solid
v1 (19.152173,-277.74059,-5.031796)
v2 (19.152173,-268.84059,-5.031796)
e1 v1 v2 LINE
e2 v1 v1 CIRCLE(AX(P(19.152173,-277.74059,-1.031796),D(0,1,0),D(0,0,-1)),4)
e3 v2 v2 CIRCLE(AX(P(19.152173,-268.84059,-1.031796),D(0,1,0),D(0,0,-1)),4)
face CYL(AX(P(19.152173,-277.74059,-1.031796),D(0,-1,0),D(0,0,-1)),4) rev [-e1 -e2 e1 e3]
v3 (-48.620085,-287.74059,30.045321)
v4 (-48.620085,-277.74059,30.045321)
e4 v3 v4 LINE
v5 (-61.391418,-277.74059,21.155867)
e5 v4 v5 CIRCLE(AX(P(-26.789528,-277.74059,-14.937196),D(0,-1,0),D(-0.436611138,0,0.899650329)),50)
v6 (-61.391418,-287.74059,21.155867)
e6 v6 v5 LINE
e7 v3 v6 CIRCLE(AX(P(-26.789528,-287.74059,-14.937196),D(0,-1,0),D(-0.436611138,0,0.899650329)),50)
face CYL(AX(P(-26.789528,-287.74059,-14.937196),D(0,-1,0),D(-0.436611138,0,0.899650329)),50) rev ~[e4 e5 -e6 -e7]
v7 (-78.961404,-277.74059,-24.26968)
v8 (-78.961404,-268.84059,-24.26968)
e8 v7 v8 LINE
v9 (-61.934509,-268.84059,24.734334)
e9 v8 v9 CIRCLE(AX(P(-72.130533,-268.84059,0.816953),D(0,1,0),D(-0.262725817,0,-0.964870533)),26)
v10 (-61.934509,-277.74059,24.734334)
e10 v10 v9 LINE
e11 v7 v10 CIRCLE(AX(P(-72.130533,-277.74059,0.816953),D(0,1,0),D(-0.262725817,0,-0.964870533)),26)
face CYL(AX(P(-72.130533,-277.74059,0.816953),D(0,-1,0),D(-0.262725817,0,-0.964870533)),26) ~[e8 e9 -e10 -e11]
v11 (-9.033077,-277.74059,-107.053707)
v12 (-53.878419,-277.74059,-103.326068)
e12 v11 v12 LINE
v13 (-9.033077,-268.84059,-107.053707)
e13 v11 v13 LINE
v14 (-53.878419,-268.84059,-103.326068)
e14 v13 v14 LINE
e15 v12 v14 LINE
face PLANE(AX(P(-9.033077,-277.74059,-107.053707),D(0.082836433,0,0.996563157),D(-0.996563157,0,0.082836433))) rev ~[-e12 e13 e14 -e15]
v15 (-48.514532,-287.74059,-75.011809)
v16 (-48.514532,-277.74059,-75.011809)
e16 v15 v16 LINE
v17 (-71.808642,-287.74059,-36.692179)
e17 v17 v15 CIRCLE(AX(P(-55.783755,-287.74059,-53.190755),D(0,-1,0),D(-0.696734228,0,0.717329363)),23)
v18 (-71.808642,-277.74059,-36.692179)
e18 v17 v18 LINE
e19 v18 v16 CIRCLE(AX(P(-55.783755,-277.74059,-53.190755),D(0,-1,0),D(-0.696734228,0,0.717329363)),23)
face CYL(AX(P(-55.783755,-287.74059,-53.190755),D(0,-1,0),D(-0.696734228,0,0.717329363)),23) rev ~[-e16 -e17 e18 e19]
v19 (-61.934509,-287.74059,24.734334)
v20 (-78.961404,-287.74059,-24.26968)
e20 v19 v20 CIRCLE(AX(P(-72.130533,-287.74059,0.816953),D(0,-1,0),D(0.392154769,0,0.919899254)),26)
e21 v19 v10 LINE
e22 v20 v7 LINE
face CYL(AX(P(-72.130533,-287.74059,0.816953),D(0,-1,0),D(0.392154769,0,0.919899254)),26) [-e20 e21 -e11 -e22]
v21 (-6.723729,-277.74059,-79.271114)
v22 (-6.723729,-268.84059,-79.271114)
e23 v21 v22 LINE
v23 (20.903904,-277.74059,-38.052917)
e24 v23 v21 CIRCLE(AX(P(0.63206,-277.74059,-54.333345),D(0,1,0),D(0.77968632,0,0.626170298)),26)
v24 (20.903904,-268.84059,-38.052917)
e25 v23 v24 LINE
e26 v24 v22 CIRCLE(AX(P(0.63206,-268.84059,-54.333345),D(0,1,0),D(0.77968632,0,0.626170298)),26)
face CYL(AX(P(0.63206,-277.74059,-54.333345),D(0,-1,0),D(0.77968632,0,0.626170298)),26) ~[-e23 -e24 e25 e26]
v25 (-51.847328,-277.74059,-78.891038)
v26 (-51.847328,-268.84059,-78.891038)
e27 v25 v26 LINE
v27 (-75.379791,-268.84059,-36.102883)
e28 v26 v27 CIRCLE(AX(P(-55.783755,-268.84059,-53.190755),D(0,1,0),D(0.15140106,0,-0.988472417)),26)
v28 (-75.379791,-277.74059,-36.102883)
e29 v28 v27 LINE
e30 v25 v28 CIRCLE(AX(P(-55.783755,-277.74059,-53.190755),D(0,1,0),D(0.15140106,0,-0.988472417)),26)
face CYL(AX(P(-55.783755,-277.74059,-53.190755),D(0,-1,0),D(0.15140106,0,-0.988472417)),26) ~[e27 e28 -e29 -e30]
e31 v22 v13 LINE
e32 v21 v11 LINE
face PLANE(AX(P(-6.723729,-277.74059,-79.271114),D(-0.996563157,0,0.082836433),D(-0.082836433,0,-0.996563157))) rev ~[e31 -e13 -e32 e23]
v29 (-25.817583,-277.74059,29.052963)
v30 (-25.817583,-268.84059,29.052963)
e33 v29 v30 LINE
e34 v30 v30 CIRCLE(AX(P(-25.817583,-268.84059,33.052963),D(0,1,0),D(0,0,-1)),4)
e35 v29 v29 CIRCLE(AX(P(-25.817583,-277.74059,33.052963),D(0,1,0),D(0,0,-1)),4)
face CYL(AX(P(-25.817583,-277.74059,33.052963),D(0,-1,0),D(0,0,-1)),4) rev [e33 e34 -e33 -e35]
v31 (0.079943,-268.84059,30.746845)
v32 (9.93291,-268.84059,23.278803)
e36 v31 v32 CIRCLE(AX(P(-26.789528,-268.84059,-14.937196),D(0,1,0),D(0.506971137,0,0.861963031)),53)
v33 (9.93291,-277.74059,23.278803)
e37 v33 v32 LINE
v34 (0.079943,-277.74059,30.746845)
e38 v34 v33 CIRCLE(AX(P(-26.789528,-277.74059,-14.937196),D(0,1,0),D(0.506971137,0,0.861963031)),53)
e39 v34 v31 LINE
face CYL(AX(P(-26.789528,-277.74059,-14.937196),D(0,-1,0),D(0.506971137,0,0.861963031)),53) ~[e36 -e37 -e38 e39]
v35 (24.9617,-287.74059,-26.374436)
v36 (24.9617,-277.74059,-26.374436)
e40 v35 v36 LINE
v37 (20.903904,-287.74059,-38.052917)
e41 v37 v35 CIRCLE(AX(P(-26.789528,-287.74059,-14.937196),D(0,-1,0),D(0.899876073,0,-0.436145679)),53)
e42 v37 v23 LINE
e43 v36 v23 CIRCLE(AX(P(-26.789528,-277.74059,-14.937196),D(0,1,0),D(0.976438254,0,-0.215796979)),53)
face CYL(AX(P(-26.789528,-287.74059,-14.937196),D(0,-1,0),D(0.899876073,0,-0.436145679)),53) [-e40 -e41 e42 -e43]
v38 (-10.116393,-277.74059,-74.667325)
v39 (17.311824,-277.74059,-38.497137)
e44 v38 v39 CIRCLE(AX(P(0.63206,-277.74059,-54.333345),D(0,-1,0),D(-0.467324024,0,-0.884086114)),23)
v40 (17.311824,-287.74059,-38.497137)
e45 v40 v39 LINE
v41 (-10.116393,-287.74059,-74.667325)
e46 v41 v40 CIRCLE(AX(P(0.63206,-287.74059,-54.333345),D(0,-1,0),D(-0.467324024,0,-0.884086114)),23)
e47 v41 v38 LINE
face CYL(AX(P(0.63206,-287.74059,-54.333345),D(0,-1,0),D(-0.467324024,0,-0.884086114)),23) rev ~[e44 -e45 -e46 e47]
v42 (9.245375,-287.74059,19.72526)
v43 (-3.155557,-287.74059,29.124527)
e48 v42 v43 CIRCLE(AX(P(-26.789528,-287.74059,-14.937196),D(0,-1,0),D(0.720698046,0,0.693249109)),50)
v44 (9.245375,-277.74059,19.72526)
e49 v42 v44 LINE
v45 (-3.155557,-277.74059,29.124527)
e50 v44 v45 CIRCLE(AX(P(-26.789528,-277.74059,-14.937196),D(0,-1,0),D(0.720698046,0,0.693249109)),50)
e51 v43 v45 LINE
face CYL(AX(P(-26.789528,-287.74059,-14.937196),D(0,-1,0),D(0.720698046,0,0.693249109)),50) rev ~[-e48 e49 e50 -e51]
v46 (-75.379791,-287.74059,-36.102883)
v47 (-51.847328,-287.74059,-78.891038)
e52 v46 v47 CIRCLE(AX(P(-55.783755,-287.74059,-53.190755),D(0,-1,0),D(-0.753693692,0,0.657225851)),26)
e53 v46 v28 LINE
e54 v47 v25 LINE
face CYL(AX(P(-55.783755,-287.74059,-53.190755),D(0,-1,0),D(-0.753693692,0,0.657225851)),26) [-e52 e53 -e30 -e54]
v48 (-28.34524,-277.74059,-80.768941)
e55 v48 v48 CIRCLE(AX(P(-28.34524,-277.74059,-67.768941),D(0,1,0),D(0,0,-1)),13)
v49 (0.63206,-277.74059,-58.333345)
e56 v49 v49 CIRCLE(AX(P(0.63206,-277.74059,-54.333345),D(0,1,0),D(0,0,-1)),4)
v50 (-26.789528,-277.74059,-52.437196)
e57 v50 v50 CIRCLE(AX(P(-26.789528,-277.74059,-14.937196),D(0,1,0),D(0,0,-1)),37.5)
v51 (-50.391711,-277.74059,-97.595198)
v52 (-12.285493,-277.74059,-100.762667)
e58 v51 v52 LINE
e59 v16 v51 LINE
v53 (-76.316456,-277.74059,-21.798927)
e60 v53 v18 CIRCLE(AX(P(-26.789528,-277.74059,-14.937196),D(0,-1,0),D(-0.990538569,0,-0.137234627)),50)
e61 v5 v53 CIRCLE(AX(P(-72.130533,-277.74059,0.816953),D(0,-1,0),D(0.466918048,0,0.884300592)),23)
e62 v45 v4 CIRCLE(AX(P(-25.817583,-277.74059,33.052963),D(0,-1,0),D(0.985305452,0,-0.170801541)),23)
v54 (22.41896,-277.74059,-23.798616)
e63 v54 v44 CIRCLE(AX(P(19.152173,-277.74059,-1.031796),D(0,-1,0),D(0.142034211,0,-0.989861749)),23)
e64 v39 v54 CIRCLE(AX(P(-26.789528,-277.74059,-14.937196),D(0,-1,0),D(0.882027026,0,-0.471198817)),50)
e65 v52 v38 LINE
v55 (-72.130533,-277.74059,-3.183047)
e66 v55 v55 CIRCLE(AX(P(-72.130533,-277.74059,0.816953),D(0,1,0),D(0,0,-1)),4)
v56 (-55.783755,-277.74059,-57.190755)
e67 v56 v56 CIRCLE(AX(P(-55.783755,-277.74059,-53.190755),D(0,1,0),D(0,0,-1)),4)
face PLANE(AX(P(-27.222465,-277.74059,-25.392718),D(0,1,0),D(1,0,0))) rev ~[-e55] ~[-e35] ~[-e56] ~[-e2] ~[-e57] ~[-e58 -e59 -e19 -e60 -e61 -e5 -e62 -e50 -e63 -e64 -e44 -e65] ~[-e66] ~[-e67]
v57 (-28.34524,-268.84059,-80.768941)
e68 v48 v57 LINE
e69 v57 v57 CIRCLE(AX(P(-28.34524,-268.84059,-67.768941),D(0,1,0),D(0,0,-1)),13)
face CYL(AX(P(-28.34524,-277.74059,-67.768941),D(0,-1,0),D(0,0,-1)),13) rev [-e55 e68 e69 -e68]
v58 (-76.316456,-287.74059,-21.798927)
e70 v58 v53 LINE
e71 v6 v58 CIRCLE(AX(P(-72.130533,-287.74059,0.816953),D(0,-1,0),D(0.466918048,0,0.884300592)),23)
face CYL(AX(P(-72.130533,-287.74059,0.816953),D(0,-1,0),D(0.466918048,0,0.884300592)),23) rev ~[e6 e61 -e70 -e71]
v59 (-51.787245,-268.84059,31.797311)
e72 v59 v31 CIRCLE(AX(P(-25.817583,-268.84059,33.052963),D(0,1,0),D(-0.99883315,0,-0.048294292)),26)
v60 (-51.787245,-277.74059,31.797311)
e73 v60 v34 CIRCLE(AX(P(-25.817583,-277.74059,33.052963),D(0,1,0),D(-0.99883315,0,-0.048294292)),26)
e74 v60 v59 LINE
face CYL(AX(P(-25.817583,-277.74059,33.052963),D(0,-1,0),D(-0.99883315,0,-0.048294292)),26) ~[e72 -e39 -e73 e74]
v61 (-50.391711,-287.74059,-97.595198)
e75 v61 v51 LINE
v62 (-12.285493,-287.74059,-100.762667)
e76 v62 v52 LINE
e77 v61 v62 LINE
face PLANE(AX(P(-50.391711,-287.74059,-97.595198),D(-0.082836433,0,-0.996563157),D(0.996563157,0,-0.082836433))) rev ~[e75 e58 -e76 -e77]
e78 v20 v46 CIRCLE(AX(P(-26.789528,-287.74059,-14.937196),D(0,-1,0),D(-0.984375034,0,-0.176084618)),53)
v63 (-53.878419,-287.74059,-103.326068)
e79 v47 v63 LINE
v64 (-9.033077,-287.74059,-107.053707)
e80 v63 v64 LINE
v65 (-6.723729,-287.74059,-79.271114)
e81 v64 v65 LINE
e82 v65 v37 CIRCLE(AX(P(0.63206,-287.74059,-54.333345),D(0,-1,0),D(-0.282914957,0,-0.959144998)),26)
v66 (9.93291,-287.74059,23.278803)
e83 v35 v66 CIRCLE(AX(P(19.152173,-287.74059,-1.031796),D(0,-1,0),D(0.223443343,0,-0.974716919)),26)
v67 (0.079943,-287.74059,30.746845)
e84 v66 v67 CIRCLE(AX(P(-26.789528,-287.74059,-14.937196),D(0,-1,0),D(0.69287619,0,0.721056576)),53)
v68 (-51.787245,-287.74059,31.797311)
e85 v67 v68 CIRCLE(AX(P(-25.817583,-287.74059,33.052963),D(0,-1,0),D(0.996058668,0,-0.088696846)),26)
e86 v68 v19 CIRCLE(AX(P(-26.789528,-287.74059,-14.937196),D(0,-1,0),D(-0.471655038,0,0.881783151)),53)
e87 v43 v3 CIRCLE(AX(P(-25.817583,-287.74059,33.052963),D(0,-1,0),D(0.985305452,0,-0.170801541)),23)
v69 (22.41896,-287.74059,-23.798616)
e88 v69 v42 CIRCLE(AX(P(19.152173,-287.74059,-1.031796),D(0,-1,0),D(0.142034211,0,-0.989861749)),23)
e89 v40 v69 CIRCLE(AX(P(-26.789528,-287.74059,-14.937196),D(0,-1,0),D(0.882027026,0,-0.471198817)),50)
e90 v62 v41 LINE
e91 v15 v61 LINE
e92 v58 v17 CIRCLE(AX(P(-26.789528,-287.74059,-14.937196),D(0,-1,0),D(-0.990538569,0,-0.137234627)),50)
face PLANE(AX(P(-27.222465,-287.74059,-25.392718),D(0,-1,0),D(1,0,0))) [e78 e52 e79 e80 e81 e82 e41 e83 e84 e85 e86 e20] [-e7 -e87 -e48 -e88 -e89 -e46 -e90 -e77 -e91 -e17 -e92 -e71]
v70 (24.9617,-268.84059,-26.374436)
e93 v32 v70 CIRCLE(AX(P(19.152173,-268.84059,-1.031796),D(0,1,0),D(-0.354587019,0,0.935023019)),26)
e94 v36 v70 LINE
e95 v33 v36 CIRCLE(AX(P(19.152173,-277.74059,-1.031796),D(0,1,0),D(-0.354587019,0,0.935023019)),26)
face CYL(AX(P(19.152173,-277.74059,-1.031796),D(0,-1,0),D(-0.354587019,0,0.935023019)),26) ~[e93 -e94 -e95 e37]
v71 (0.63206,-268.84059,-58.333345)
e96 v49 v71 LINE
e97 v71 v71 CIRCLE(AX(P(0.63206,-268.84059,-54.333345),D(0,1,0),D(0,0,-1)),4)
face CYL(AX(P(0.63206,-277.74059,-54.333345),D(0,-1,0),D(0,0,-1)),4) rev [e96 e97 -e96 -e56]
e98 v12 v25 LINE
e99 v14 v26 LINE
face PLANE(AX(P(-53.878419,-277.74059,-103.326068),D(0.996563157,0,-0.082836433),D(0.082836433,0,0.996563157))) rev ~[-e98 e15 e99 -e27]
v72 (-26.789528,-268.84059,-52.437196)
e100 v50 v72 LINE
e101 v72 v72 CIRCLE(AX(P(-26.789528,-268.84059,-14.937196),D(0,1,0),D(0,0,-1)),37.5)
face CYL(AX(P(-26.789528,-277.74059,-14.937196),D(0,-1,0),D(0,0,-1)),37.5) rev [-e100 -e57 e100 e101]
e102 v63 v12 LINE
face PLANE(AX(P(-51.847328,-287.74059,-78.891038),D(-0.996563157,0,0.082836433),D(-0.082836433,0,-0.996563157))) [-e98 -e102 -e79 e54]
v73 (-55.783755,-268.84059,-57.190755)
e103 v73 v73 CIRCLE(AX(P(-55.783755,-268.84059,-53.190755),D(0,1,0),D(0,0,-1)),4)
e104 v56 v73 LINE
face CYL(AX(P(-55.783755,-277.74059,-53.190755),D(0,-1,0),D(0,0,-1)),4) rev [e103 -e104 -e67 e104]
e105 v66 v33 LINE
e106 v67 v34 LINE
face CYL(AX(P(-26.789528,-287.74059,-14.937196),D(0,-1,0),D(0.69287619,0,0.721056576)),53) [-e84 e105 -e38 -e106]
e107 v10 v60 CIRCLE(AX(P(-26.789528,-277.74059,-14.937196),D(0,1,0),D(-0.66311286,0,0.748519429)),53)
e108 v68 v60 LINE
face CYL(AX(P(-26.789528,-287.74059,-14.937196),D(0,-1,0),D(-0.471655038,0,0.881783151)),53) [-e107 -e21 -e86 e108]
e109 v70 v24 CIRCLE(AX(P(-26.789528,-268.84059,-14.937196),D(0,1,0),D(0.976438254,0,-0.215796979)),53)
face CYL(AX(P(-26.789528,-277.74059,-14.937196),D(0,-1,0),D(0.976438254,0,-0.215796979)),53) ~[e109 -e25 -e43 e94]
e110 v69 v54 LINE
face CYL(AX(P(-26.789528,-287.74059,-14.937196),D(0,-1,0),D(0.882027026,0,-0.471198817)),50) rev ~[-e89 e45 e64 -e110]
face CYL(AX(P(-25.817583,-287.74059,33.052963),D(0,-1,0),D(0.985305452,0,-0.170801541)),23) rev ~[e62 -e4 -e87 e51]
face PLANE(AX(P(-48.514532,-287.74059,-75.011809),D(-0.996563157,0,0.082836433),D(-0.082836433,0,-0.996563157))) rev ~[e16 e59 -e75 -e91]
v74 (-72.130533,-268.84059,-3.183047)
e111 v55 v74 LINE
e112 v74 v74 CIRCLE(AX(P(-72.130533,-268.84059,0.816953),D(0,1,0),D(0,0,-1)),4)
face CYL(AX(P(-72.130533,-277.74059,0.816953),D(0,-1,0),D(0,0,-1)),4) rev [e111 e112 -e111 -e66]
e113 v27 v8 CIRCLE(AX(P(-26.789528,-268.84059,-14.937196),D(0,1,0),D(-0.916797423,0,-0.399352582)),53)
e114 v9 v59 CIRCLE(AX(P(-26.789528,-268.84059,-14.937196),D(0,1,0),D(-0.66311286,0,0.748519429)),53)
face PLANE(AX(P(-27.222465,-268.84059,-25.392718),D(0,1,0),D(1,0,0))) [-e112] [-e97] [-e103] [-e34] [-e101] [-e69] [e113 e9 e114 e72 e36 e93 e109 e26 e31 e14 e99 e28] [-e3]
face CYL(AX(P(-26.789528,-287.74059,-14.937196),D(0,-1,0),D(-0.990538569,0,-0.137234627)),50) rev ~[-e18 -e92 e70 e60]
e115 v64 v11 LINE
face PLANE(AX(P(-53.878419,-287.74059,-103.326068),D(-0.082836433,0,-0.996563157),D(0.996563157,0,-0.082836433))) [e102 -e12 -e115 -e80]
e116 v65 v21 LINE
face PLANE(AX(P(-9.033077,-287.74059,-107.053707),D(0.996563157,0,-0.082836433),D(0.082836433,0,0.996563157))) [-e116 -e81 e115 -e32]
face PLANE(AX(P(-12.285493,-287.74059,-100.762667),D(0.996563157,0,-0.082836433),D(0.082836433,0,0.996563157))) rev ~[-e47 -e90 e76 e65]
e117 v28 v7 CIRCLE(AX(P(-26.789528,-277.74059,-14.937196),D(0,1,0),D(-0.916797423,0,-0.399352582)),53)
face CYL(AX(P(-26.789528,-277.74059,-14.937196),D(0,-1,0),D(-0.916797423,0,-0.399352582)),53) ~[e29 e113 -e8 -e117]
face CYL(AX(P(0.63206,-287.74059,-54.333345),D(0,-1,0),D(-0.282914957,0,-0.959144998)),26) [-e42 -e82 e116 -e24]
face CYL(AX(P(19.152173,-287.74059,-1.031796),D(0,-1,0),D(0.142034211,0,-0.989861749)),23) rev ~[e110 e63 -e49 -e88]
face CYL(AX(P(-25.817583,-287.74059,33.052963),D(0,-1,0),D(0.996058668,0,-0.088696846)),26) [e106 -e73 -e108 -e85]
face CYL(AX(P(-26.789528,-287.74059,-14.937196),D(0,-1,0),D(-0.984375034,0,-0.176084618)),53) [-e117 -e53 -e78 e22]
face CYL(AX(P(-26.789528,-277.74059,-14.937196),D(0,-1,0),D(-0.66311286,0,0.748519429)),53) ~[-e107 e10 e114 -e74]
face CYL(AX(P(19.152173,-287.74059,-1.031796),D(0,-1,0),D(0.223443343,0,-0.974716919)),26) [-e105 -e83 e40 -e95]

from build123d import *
from build123d.topology import SkipClean

# Parameters (mm, degrees)
SKETCH2_R           = 4
SKETCH2_R_2         = 13
SKETCH2_R_3         = 37.5
BOSS_EXTRUDE1_DEPTH = 8.9
BOSS_EXTRUDE2_START = 10
BOSS_EXTRUDE2_DEPTH = 10


with BuildPart() as part:
    # Sketch2 → Boss-Extrude1 (new body)
    with BuildSketch(Plane(origin=(0, -277.740590487, 0), x_dir=(1, 0, 0), z_dir=(0, 1, 0))):
        with BuildLine():
            Line((-53.878418828, 103.326067531), (-51.847327573, 78.891037586))
            ThreePointArc((-51.847327573, 78.891037586), (-78.565598454, 65.720224595), (-75.379791117, 36.102882626))
            ThreePointArc((-75.379791117, 36.102882626), (-77.51682206, 30.291074957), (-78.961404494, 24.269680499))
            ThreePointArc((-78.961404494, 24.269680499), (-96.690244613, -9.350450792), (-61.934509278, -24.73433396))
            ThreePointArc((-61.934509278, -24.73433396), (-57.067530602, -28.562718501), (-51.787244687, -31.797311256))
            ThreePointArc((-51.787244687, -31.797311256), (-25.291112632, -59.0476321), (0.079942571, -30.746844869))
            ThreePointArc((0.079942571, -30.746844869), (5.224931759, -27.301108969), (9.932910358, -23.278802773))
            ThreePointArc((9.932910358, -23.278802773), (44.037260658, -6.500295968), (24.961699769, 26.374435617))
            ThreePointArc((24.961699769, 26.374435617), (23.274499283, 32.332402061), (20.903904161, 38.052916758))
            ThreePointArc((20.903904161, 38.052916758), (22.229306824, 68.809494643), (-6.72372905, 79.271114455))
            Line((-6.72372905, 79.271114455), (-9.033076774, 107.053707002))
            Line((-9.033076774, 107.053707002), (-53.878418828, 103.326067531))
        make_face()
        with Locations(Location((-55.783755129, 53.190754745, 0), (0, 0, 90))):
            Circle(SKETCH2_R, mode=Mode.SUBTRACT)
        with Locations(Location((0.632059839, 54.33334451, 0), (0, 0, 90))):
            Circle(SKETCH2_R, mode=Mode.SUBTRACT)
        with Locations(Location((19.152172858, 1.031795718, 0), (0, 0, 90))):
            Circle(SKETCH2_R, mode=Mode.SUBTRACT)
        with Locations(Location((-25.81758279, -33.052962854, 0), (0, 0, 90))):
            Circle(SKETCH2_R, mode=Mode.SUBTRACT)
        with Locations(Location((-72.130533264, -0.816953357, 0), (0, 0, 90))):
            Circle(SKETCH2_R, mode=Mode.SUBTRACT)
        with Locations(Location((-28.345239753, 67.76894073, 0), (0, 0, 90))):
            Circle(SKETCH2_R_2, mode=Mode.SUBTRACT)
        with Locations(Location((-26.789527697, 14.937195752, 0), (0, 0, 90))):
            Circle(SKETCH2_R_3, mode=Mode.SUBTRACT)
    extrude(amount=BOSS_EXTRUDE1_DEPTH)

    # Sketch3 → Boss-Extrude2 (add)
    with SkipClean():  # the faces are left unmerged after this step: merging them gives an invalid solid
        with BuildSketch(Plane.XZ.offset(277.740590487).offset(BOSS_EXTRUDE2_START)):
            with BuildLine():
                Line((-51.847327573, -78.891037586), (-53.878418828, -103.326067531))
                Line((-53.878418828, -103.326067531), (-9.033076774, -107.053707002))
                Line((-9.033076774, -107.053707002), (-6.72372905, -79.271114455))
                ThreePointArc((-6.72372905, -79.271114455), (22.229306824, -68.809494643), (20.903904161, -38.052916758))
                ThreePointArc((20.903904161, -38.052916758), (23.274499283, -32.332402061), (24.961699769, -26.374435617))
                ThreePointArc((24.961699769, -26.374435617), (44.037260658, 6.500295968), (9.932910358, 23.278802773))
                ThreePointArc((9.932910358, 23.278802773), (5.224931759, 27.301108969), (0.079942571, 30.746844869))
                ThreePointArc((0.079942571, 30.746844869), (-25.291112632, 59.0476321), (-51.787244687, 31.797311256))
                ThreePointArc((-51.787244687, 31.797311256), (-57.067530602, 28.562718501), (-61.934509278, 24.73433396))
                ThreePointArc((-61.934509278, 24.73433396), (-96.690244613, 9.350450792), (-78.961404494, -24.269680499))
                ThreePointArc((-78.961404494, -24.269680499), (-77.51682206, -30.291074957), (-75.379791117, -36.102882626))
                ThreePointArc((-75.379791117, -36.102882626), (-78.565598454, -65.720224595), (-51.847327573, -78.891037586))
            make_face()
            with BuildLine():
                Line((-50.391710762, -97.595197888), (-12.285492603, -100.76266716))
                Line((-12.285492603, -100.76266716), (-10.116392703, -74.667325133))
                ThreePointArc((-10.116392703, -74.667325133), (18.958700221, -68.230619507), (17.311823606, -38.49713661))
                ThreePointArc((17.311823606, -38.49713661), (20.440686435, -31.347767742), (22.418959701, -23.798615955))
                ThreePointArc((22.418959701, -23.798615955), (41.165904374, 5.631208466), (9.245374606, 19.725259671))
                ThreePointArc((9.245374606, 19.725259671), (3.412792544, 24.910261532), (-3.155557396, 29.124527408))
                ThreePointArc((-3.155557396, 29.124527408), (-25.351859189, 56.048247187), (-48.620084596, 30.04532069))
                ThreePointArc((-48.620084596, 30.04532069), (-55.353681381, 26.100459204), (-61.39141816, 21.155866966))
                ThreePointArc((-61.39141816, 21.155866966), (-93.856431765, 8.365816472), (-76.316456157, -21.798927115))
                ThreePointArc((-76.316456157, -21.798927115), (-74.645465775, -29.421987455), (-71.808642379, -36.692179394))
                ThreePointArc((-71.808642379, -36.692179394), (-75.437352981, -65.137975823), (-48.514531786, -75.011808615))
                Line((-48.514531786, -75.011808615), (-50.391710762, -97.595197888))
            make_face(mode=Mode.SUBTRACT)
        extrude(amount=-BOSS_EXTRUDE2_DEPTH)


solid = part.part
